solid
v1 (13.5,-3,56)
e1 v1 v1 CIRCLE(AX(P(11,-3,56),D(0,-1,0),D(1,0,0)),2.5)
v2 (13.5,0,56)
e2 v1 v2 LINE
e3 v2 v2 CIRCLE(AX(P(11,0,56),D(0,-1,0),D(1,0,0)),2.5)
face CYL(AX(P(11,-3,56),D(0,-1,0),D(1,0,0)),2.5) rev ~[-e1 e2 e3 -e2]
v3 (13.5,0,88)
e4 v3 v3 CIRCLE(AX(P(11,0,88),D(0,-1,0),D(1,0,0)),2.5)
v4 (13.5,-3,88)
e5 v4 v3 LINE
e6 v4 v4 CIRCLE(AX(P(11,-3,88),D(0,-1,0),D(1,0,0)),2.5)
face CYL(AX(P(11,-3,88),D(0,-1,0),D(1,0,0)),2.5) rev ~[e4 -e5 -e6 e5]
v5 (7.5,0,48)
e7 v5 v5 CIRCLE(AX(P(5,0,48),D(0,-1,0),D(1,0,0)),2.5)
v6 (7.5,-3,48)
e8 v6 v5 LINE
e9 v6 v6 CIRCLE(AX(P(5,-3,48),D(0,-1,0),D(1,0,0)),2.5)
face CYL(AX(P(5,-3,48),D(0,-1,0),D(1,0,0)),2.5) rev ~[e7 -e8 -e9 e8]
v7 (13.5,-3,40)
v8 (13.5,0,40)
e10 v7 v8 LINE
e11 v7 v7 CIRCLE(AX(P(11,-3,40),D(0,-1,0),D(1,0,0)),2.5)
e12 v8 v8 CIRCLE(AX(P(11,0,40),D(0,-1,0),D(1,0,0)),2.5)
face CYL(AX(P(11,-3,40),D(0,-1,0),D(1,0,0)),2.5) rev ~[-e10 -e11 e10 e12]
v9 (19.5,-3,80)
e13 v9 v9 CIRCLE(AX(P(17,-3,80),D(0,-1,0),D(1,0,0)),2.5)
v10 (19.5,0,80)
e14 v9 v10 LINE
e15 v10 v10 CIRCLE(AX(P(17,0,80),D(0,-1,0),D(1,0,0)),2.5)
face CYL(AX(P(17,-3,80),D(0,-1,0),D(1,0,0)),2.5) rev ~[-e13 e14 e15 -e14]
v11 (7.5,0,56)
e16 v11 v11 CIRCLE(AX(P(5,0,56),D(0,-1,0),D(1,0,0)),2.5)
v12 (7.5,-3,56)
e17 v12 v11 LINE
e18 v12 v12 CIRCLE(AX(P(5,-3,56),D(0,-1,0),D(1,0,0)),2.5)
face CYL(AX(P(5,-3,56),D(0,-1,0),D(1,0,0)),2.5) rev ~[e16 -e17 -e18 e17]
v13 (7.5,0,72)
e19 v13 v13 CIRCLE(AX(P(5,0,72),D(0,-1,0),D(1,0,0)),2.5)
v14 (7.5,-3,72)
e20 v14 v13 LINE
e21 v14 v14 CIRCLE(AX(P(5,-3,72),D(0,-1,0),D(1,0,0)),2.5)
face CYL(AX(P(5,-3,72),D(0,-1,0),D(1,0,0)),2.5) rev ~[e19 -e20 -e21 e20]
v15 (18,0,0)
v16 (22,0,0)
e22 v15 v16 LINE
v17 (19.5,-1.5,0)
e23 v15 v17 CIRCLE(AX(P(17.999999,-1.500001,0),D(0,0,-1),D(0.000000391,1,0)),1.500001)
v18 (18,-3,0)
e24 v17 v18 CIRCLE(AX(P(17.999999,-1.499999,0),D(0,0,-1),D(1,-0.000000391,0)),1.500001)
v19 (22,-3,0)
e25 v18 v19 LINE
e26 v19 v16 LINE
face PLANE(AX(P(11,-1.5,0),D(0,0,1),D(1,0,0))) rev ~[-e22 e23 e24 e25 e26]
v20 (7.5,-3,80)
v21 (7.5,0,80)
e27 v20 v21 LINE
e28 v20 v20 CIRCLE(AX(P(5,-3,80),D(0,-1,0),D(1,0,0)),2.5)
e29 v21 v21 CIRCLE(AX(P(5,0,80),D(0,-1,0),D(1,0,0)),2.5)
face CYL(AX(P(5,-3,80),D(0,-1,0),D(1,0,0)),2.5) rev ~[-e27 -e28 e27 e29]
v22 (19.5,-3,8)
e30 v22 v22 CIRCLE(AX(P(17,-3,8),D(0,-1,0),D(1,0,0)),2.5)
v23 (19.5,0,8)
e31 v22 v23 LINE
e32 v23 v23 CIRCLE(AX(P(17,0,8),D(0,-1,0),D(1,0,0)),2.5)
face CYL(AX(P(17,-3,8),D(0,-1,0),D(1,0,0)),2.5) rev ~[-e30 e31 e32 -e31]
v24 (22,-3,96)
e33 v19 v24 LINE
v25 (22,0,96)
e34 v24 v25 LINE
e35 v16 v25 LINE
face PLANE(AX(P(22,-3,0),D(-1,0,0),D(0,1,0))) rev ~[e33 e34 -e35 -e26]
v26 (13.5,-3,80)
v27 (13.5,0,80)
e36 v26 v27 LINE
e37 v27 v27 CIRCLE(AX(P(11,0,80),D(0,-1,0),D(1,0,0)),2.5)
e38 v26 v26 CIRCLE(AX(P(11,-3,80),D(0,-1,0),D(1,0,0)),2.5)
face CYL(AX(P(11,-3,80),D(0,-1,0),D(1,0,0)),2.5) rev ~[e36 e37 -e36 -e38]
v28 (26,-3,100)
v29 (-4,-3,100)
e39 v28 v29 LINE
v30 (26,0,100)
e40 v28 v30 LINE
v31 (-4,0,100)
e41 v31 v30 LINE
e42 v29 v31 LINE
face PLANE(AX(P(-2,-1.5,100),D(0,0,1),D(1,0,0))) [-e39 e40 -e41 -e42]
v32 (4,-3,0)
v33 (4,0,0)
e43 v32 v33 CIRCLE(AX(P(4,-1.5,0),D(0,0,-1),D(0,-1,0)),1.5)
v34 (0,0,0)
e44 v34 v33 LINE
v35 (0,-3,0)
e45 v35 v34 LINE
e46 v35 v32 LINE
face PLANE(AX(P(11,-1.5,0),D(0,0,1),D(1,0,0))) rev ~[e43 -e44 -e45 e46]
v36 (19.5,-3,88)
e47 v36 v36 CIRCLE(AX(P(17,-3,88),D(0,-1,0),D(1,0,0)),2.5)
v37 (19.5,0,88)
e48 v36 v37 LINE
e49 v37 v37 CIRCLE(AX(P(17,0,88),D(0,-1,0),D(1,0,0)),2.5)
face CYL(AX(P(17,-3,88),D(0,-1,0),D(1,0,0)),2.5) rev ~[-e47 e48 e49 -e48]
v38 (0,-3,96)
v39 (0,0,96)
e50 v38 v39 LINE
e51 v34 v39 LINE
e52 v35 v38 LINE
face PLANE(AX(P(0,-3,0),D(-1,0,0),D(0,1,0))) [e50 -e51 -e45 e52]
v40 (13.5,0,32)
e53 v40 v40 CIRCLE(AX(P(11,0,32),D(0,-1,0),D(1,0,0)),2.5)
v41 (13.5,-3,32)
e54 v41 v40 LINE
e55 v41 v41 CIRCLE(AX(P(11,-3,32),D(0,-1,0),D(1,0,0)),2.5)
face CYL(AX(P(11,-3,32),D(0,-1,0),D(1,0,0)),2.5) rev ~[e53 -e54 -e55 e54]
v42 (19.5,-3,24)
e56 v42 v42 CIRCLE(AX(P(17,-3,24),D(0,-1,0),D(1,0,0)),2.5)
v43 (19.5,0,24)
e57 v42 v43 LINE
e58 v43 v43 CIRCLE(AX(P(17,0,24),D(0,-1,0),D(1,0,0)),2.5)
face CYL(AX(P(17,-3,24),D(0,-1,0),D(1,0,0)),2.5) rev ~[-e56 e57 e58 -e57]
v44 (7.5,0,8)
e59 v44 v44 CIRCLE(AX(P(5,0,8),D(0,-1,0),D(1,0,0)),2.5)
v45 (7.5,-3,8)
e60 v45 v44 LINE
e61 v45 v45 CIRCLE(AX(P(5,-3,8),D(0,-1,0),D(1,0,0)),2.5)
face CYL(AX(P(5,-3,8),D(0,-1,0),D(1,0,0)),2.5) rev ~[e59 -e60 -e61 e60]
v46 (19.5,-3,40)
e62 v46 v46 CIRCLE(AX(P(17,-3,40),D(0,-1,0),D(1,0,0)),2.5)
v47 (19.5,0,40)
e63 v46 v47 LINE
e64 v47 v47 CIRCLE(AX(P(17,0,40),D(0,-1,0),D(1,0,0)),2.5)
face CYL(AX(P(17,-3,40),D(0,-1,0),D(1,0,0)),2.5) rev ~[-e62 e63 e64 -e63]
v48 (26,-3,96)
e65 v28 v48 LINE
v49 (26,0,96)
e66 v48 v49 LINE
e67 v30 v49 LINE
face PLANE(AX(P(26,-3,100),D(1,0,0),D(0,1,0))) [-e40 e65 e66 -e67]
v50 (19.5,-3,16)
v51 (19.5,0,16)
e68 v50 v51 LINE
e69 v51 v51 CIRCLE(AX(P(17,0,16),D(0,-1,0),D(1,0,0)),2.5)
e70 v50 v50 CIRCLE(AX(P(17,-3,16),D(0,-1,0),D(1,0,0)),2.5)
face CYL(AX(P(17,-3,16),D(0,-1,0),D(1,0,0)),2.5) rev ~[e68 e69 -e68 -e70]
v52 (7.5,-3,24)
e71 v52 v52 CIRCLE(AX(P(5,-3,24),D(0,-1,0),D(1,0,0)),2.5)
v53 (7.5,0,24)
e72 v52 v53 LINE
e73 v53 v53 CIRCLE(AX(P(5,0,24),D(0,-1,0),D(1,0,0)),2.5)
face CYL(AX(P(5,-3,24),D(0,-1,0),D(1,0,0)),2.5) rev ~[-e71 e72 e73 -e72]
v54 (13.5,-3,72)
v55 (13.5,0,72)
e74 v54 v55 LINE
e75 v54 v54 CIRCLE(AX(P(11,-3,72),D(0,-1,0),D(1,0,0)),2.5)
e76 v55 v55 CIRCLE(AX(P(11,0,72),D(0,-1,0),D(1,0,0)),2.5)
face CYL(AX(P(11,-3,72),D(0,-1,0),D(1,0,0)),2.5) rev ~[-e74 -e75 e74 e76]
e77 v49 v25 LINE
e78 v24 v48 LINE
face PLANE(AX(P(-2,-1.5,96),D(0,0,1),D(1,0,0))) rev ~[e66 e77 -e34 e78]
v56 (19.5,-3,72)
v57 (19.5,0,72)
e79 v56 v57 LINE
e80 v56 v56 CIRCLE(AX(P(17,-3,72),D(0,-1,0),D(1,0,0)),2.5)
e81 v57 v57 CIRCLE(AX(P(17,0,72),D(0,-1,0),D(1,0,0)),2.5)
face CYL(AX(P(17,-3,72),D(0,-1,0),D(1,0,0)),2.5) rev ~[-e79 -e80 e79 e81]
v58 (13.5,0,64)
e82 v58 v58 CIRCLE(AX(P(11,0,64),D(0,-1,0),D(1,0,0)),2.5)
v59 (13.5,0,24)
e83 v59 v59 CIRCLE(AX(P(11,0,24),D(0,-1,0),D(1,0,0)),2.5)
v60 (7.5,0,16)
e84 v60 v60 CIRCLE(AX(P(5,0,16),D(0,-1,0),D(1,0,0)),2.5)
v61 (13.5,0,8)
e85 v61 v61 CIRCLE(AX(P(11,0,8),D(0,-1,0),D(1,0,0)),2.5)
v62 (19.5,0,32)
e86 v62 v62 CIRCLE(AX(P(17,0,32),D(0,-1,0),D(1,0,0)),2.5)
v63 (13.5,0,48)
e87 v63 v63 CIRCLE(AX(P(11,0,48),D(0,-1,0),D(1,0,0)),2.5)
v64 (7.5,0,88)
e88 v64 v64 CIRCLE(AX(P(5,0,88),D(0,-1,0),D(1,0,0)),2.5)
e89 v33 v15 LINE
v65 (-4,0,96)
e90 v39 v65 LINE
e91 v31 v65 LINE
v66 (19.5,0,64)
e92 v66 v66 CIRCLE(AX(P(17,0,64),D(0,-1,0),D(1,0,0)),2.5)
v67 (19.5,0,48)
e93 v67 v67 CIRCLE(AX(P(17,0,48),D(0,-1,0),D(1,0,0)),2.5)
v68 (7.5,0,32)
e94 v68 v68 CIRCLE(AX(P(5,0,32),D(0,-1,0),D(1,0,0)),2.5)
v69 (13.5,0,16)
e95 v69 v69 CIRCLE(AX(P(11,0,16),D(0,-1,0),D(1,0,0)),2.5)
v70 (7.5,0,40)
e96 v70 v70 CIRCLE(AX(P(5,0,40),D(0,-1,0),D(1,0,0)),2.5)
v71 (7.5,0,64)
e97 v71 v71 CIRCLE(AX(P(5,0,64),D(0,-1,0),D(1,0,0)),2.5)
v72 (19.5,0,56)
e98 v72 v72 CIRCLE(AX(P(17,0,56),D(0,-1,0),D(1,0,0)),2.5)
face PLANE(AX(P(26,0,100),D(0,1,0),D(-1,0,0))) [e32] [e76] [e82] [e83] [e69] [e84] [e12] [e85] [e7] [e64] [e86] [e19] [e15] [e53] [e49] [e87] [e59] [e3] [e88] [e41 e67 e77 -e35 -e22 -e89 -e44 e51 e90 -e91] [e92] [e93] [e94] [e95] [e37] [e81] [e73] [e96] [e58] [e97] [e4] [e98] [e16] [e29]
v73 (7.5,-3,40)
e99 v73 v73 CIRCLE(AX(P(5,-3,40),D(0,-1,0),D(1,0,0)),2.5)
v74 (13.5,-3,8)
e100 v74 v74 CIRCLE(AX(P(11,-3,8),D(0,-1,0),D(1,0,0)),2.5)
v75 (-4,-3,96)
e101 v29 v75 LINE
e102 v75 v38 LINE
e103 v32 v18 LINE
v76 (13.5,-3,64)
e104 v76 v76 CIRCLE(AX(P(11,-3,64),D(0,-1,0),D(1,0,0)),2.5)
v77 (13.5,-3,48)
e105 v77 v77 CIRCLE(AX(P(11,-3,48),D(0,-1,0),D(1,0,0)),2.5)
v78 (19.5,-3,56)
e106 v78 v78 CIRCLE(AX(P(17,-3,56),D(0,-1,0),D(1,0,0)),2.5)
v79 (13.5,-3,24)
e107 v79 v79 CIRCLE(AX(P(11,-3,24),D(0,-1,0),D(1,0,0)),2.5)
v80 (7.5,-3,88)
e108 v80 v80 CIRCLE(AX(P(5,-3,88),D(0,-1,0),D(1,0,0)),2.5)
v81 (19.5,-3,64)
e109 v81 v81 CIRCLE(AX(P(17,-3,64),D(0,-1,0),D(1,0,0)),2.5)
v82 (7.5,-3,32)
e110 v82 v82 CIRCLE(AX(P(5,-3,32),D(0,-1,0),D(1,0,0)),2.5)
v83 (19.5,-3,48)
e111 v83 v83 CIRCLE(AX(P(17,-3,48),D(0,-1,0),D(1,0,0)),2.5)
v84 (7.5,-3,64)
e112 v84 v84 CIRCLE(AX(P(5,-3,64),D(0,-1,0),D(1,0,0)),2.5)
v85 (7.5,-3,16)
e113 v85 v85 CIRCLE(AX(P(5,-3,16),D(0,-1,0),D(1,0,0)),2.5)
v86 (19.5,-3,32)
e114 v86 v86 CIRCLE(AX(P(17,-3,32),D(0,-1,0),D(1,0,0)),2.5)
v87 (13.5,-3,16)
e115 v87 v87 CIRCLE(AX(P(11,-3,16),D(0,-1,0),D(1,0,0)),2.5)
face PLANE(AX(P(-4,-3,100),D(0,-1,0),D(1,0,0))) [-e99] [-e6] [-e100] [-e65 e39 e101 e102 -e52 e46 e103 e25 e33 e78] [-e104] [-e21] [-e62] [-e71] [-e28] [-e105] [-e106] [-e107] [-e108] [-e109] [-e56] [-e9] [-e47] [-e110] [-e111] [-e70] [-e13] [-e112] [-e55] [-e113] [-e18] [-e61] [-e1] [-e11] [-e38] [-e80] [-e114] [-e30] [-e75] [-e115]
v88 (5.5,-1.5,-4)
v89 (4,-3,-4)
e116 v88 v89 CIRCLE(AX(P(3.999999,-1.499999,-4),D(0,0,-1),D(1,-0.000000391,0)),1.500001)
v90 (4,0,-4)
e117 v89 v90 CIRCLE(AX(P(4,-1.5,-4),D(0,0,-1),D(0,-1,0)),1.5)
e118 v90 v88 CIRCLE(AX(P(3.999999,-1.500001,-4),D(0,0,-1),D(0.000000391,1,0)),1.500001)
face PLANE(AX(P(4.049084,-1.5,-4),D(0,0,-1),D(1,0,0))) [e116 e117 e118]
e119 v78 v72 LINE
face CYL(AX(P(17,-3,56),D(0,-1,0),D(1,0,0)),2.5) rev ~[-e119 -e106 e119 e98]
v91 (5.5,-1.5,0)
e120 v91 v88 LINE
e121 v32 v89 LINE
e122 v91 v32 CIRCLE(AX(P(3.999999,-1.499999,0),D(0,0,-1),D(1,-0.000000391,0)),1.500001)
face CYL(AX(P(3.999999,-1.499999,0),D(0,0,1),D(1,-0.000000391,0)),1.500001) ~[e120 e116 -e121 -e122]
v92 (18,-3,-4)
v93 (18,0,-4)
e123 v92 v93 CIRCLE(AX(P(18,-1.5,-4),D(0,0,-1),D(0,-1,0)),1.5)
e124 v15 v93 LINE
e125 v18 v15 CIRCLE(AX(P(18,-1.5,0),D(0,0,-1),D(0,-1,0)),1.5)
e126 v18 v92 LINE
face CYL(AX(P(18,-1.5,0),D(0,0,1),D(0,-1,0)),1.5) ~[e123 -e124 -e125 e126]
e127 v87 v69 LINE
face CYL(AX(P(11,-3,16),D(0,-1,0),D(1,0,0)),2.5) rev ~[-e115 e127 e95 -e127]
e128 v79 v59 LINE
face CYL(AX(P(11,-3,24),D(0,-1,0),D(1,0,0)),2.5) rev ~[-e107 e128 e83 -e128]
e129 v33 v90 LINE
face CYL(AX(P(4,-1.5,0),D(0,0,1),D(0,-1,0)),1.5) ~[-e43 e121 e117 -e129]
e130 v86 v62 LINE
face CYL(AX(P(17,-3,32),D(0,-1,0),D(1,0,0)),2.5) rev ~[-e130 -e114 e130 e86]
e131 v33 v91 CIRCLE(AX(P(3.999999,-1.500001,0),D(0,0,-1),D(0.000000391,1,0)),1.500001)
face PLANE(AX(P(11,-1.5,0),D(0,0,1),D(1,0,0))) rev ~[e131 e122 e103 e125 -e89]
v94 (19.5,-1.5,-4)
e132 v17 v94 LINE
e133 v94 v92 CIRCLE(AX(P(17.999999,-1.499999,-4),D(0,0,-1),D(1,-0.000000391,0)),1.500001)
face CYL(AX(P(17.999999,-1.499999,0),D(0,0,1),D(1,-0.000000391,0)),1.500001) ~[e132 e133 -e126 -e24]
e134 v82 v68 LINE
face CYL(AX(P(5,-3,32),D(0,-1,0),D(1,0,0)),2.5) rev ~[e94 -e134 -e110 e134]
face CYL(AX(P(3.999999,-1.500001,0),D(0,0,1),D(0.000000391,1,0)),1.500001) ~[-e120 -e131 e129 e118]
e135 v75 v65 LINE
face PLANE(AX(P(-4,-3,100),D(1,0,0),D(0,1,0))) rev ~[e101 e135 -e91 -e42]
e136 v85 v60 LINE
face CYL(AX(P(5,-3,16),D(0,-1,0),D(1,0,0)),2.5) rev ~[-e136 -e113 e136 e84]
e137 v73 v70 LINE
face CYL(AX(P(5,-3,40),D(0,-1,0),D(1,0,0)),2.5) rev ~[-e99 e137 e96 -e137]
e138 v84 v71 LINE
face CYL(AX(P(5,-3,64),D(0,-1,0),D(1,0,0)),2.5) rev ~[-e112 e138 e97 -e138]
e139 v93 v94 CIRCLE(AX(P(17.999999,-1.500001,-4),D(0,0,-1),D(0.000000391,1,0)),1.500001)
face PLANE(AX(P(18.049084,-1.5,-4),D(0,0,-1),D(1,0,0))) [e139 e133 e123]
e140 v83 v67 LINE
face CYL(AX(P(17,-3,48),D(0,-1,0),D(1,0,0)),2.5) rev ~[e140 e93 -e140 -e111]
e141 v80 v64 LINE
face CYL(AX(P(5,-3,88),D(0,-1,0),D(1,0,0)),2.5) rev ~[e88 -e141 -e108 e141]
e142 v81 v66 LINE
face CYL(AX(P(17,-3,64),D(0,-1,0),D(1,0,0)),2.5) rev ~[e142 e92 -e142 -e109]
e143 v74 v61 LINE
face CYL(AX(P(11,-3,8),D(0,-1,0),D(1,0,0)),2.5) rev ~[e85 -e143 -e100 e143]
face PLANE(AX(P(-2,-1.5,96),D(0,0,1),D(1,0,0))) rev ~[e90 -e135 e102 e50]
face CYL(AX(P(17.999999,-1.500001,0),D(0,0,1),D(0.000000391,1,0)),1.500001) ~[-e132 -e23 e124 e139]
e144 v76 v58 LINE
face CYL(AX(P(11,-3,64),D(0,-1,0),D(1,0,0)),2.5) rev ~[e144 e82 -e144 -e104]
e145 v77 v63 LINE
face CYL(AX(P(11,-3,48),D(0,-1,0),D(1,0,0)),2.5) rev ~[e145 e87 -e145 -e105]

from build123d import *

# Parameters (mm, degrees)
F0_W     = 22
F0_H     = 3
F1_DEPTH = 100
F3_DEPTH = 4
F4_W     = 4
F4_H     = 3
F4_W_2   = 22
F5_DEPTH = 4
F6_R     = 2.5
F7_DEPTH = 25


with BuildPart() as f1:
    # F0 (on Top) → F1 (new body)
    with BuildSketch(Plane.XY):
        with Locations((11, -1.5)):
            Rectangle(F0_W, F0_H)
    extrude(amount=F1_DEPTH)

    # F2 (on face) → F3 (join)
    with BuildSketch(Plane(origin=(0, 0, 0), x_dir=(1, 0, 0), z_dir=(0, 0, -1))):
        with BuildLine():
            ThreePointArc((4, 0), (5.06066, 0.43934), (5.5, 1.5))
            ThreePointArc((5.5, 1.5), (5.06066, 2.56066), (4, 3))
            ThreePointArc((4, 3), (2.5, 1.5), (4, 0))
        make_face()
        with BuildLine():
            ThreePointArc((19.5, 1.5), (19.06066, 2.56066), (18, 3))
            ThreePointArc((18, 3), (16.5, 1.5), (18, 0))
            ThreePointArc((18, 0), (19.06066, 0.43934), (19.5, 1.5))
        make_face()
    extrude(amount=F3_DEPTH)

    # F4 (on face) → F5 (join)
    with BuildSketch(Plane.XY.offset(100)):
        with Locations((-2, -1.5)):
            Rectangle(F4_W, F4_H)
        with Locations((24, -1.5)):
            Rectangle(F4_W, F4_H)
        with Locations((11, -1.5)):
            Rectangle(F4_W_2, F4_H)
    extrude(amount=-F5_DEPTH)

    # F6 (on face) → F7 (cut)
    with BuildSketch(Plane.XZ.offset(3)):
        with Locations((5, 8)):
            Circle(F6_R)
        with Locations((11, 8)):
            Circle(F6_R)
        with Locations((17, 8)):
            Circle(F6_R)
        with Locations((5, 16)):
            Circle(F6_R)
        with Locations((11, 16)):
            Circle(F6_R)
        with Locations((17, 16)):
            Circle(F6_R)
        with Locations((5, 24)):
            Circle(F6_R)
        with Locations((11, 24)):
            Circle(F6_R)
        with Locations((17, 24)):
            Circle(F6_R)
        with Locations((5, 32)):
            Circle(F6_R)
        with Locations((11, 32)):
            Circle(F6_R)
        with Locations((17, 32)):
            Circle(F6_R)
        with Locations((5, 40)):
            Circle(F6_R)
        with Locations((11, 40)):
            Circle(F6_R)
        with Locations((17, 40)):
            Circle(F6_R)
        with Locations((5, 48)):
            Circle(F6_R)
        with Locations((11, 48)):
            Circle(F6_R)
        with Locations((17, 48)):
            Circle(F6_R)
        with Locations((5, 56)):
            Circle(F6_R)
        with Locations((11, 56)):
            Circle(F6_R)
        with Locations((17, 56)):
            Circle(F6_R)
        with Locations((5, 64)):
            Circle(F6_R)
        with Locations((11, 64)):
            Circle(F6_R)
        with Locations((17, 64)):
            Circle(F6_R)
        with Locations((5, 72)):
            Circle(F6_R)
        with Locations((11, 72)):
            Circle(F6_R)
        with Locations((17, 72)):
            Circle(F6_R)
        with Locations((5, 80)):
            Circle(F6_R)
        with Locations((11, 80)):
            Circle(F6_R)
        with Locations((17, 80)):
            Circle(F6_R)
        with Locations((5, 88)):
            Circle(F6_R)
        with Locations((11, 88)):
            Circle(F6_R)
        with Locations((17, 88)):
            Circle(F6_R)
    extrude(amount=-F7_DEPTH, mode=Mode.SUBTRACT)


solid = f1.part
